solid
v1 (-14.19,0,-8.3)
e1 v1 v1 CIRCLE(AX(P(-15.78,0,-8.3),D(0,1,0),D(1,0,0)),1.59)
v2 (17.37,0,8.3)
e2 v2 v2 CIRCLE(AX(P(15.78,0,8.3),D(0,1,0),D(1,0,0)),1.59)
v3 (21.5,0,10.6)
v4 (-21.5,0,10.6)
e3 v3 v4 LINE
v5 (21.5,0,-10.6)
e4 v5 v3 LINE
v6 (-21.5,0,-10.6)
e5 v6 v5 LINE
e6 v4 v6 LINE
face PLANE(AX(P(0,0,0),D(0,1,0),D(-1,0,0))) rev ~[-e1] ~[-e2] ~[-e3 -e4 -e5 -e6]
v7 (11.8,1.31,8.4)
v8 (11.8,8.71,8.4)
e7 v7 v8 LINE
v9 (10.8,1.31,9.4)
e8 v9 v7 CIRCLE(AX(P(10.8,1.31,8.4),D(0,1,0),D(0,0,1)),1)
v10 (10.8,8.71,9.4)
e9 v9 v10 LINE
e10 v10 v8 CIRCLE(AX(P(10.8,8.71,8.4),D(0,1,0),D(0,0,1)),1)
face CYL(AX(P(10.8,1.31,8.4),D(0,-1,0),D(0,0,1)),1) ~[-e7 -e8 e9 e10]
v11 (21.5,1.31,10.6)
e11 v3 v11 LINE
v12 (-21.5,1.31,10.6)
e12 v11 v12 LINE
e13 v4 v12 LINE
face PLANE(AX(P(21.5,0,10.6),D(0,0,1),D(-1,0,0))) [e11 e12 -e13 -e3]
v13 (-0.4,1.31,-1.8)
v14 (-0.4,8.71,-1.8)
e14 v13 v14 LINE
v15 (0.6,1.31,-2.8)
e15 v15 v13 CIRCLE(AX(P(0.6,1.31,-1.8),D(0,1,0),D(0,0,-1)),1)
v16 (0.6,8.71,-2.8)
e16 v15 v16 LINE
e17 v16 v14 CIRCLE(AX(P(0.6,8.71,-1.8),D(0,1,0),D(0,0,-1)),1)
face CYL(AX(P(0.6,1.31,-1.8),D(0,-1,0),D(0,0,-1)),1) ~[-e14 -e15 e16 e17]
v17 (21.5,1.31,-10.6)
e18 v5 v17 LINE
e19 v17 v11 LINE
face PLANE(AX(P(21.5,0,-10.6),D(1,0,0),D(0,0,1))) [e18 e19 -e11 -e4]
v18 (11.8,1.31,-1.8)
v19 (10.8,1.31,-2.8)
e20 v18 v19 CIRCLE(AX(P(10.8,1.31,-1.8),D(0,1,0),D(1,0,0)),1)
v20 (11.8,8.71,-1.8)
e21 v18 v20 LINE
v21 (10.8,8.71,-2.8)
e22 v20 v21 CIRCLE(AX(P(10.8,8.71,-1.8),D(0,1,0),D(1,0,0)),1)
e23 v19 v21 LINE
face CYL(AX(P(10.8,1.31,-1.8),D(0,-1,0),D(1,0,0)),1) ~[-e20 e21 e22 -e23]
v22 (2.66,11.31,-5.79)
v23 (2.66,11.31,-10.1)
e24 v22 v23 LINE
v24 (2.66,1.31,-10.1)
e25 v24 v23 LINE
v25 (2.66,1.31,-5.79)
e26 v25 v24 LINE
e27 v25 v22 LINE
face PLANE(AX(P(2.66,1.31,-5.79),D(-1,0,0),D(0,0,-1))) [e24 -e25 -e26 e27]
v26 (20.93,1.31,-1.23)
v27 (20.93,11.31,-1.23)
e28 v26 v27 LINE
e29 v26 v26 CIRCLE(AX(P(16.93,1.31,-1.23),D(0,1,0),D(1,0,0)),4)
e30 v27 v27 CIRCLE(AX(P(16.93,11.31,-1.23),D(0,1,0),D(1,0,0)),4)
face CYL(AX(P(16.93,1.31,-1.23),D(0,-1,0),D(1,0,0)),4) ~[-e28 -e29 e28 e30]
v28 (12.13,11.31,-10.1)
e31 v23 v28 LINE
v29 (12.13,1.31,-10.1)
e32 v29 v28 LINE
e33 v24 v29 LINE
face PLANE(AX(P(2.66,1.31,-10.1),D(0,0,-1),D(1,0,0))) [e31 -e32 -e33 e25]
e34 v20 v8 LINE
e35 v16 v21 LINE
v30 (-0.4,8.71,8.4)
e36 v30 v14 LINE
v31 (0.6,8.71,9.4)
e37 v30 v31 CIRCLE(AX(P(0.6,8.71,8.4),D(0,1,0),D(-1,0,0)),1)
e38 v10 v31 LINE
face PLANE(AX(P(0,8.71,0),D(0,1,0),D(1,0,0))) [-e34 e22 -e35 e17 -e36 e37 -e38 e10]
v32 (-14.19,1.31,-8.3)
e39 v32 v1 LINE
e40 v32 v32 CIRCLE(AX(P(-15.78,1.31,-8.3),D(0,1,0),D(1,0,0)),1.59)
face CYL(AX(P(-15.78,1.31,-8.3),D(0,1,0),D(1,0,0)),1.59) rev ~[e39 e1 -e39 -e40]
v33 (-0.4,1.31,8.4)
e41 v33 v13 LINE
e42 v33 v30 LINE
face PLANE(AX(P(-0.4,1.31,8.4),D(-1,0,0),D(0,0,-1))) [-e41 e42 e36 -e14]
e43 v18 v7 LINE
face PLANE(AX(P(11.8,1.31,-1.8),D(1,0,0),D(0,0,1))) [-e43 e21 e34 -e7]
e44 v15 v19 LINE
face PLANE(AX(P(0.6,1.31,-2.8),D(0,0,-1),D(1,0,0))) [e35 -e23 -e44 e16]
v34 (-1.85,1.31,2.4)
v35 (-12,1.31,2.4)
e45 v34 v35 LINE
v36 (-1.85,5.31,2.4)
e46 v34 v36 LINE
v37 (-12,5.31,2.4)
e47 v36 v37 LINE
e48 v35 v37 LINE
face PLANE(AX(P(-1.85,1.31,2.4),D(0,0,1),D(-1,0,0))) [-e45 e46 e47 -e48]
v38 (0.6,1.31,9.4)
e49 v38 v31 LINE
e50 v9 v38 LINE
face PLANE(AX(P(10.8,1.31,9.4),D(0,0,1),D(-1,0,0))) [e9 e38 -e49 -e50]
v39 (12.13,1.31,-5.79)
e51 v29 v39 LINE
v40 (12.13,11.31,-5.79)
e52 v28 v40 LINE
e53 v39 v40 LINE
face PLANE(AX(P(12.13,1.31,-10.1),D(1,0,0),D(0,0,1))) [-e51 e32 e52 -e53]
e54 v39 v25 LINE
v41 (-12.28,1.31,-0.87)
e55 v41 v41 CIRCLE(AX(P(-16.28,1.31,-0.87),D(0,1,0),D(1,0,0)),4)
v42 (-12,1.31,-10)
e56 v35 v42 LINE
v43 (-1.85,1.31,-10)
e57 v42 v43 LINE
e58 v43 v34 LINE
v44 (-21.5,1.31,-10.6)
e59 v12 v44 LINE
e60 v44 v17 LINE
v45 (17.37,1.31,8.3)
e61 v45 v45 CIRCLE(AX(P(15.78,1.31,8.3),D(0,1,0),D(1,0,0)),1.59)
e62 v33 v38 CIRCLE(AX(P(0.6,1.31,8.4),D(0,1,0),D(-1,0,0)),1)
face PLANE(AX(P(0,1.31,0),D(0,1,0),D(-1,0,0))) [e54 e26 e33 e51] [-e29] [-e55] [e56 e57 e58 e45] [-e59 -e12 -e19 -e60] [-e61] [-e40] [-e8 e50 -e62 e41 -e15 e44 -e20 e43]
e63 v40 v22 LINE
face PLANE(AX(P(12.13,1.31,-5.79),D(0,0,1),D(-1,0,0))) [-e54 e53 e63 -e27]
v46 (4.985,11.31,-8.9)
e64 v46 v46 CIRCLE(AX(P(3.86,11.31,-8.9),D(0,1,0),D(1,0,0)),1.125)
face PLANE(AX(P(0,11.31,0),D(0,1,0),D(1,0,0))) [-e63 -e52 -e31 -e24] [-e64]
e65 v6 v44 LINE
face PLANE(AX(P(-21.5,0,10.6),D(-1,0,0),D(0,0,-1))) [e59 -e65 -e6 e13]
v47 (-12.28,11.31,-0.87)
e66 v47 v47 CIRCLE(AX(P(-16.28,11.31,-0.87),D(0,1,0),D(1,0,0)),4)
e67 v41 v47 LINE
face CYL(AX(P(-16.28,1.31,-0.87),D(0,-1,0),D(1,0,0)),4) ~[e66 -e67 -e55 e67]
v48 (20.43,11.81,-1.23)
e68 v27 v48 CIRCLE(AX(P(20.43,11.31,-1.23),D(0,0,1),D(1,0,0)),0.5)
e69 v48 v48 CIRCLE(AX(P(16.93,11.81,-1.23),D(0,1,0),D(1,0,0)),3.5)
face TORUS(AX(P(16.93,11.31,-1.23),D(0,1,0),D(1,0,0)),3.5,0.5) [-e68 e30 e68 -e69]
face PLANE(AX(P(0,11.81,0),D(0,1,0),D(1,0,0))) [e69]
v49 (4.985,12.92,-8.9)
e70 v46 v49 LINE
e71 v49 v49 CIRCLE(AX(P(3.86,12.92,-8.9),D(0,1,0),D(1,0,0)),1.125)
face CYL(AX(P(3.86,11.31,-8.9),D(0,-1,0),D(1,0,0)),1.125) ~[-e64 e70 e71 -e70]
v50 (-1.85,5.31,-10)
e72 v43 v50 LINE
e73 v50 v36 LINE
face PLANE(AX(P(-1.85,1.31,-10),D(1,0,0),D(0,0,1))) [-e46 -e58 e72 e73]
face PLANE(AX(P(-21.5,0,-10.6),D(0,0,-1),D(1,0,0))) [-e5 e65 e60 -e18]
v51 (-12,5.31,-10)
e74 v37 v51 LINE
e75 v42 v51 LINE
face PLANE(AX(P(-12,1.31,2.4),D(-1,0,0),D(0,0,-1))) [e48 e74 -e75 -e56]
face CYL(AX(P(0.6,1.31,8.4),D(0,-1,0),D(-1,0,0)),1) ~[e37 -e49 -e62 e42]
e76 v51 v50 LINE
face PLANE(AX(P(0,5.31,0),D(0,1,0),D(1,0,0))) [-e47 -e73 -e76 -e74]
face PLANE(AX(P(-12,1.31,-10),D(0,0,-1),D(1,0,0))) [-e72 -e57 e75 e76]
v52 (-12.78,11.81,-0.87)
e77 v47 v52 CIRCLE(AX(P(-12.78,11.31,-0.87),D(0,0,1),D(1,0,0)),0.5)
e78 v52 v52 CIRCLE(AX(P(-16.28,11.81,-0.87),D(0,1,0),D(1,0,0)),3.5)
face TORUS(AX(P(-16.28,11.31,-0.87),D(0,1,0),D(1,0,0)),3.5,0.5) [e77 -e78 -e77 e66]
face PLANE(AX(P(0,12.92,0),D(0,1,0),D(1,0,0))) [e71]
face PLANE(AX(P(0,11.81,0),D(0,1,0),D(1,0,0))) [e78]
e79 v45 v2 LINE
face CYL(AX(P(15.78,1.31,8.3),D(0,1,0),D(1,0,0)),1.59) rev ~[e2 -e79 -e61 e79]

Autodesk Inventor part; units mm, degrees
ref_plane "YZ Plane" through (0, 0, 0) normal (1, 0, 0) x (0, 1, 0)
ref_plane "XZ Plane" through (0, 0, 0) normal (0, 1, 0) x (-1, 0, 0)
ref_plane "XY Plane" through (0, 0, 0) normal (0, 0, 1) x (1, 0, 0)
sketch "Sketch1" plane through (0, 0, 0) normal (0, 1, 0) x (-1, 0, 0)
  line L0 (21.5, -10.6) -> (-21.5, -10.6)
  line L1 (-21.5, -10.6) -> (-21.5, 10.6)
  line L2 (-21.5, 10.6) -> (21.5, 10.6)
  line L3 (21.5, 10.6) -> (21.5, -10.6)
  point P0 (0, 0)
  dimension "d0" = 43
  dimension "d1" = 21.2
  dimension "d2" = 10.6
  dimension "d3" = 21.5
extrude "Extrusion1" add sketch "Sketch1" along normal blind 1.31
sketch "Sketch2" plane through (0, 1.31, 0) normal (0, 1, 0) x (1, 0, 0)
  line L0 (-12, 10) -> (-1.85, 10)
  line L1 (-1.85, 10) -> (-1.85, -2.4)
  line L2 (-1.85, -2.4) -> (-12, -2.4)
  line L3 (-12, -2.4) -> (-12, 10)
  line L4 (-21.5, -10.6) -> (21.5, -10.6) projected
  line L5 (-21.5, 10.6) -> (-21.5, -10.6) projected
  point P0 (0, 0)
  dimension "d6" = 12.4
  dimension "d7" = 10.15
  dimension "d8" = 8.2
  dimension "d9" = 9.5
extrude "Extrusion2" add sketch "Sketch2" along normal blind 4
sketch "Sketch3" plane through (0, 1.31, 0) normal (0, 1, 0) x (1, 0, 0)
  line L0 (0.6, 2.8) -> (10.8, 2.8)
  line L1 (11.8, 1.8) -> (11.8, -8.4)
  line L2 (10.8, -9.4) -> (0.6, -9.4)
  line L3 (-0.4, -8.4) -> (-0.4, 1.8)
  line L4 (-21.5, -10.6) -> (21.5, -10.6) projected
  line L5 (21.5, -10.6) -> (21.5, 10.6) projected
  arc A0 (0.6, 2.8) -> (-0.4, 1.8) centre (0.6, 1.8) ccw
  arc A1 (11.8, 1.8) -> (10.8, 2.8) centre (10.8, 1.8) ccw
  arc A2 (10.8, -9.4) -> (11.8, -8.4) centre (10.8, -8.4) ccw
  arc A3 (-0.4, -8.4) -> (0.6, -9.4) centre (0.6, -8.4) ccw
  point P0 (0, 0)
  dimension "d12" = 12.2
  dimension "d13" = 12.2
  dimension "d14" = 1.2
  dimension "d15" = 9.7
  dimension "d16" = 1
extrude "Extrusion3" add sketch "Sketch3" along normal blind 7.4
sketch "Sketch4" plane through (0, 1.31, 0) normal (0, 1, 0) x (1, 0, 0)
  line L0 (2.66, 10.1) -> (12.13, 10.1)
  line L1 (12.13, 10.1) -> (12.13, 5.79)
  line L2 (12.13, 5.79) -> (2.66, 5.79)
  line L3 (2.66, 5.79) -> (2.66, 10.1)
  line L4 (21.5, -10.6) -> (21.5, 10.6) projected
  line L5 (21.5, 10.6) -> (-21.5, 10.6) projected
  point P0 (0, 0)
  dimension "d19" = 4.31
  dimension "d20" = 9.47
  dimension "d21" = 9.37
  dimension "d22" = 0.5
extrude "Extrusion4" add sketch "Sketch4" along normal blind 10
sketch "Sketch5" plane through (0, 11.31, 0) normal (0, 1, 0) x (1, 0, 0)
  circle A0 centre (3.86, 8.9) radius 1.125
  line L0 (12.13, 10.1) -> (2.66, 10.1) projected
  line L1 (2.66, 10.1) -> (2.66, 5.79) projected
  point P0 (0, 0)
  point P1 (2.66, 9.2358)
  point P2 (2.66, 8.7642)
  point P3 (4.0958, 10.1)
  point P4 (3.6242, 10.1)
  dimension "d25" = 2.25
  dimension "d26" = 1.2
  dimension "d27" = 1.2
extrude "Extrusion5" add sketch "Sketch5" along normal blind 1.61
sketch "Sketch6" plane through (0, 1.31, 0) normal (0, 1, 0) x (1, 0, 0)
  circle A0 centre (-16.28, 0.87) radius 4
  circle A1 centre (16.93, 1.23) radius 4
  line L0 (-21.5, -10.6) -> (21.5, -10.6) projected
  line L1 (21.5, -10.6) -> (21.5, 10.6) projected
  line L2 (-21.5, 10.6) -> (-21.5, -10.6) projected
  point P0 (0, 0)
  dimension "d30" = 8
  dimension "d31" = 8
  dimension "d32" = 11.83
  dimension "d33" = 4.57
  dimension "d34" = 5.22
  dimension "d35" = 11.47
extrude "Extrusion6" add sketch "Sketch6" along normal blind 10.5
fillet "Fillet1" radius 0.5 2 edges at (12.93, 11.81, -1.23) (-20.28, 11.81, -0.87)
sketch "Sketch7" plane through (0, 1.31, 0) normal (0, 1, 0) x (1, 0, 0)
  circle A0 centre (-15.78, 8.3) radius 1.59
  circle A1 centre (15.78, -8.3) radius 1.59
  line L0 (21.5, -10.6) -> (21.5, 10.6) projected
  line L1 (-21.5, -10.6) -> (21.5, -10.6) projected
  line L2 (21.5, 10.6) -> (-21.5, 10.6) projected
  line L3 (-21.5, 10.6) -> (-21.5, -10.6) projected
  point P0 (0, 0)
  dimension "d39" = 3.18
  dimension "d42" = 3.18
  dimension "d43" = 5.72
  dimension "d44" = 2.3
  dimension "d45" = 2.3
  dimension "d46" = 5.72
extrude "Extrusion7" cut sketch "Sketch7" against normal blind 3.18 contours A0 | A1
equation "\"d2\" = 0.5 * d1"
equation "\"d3\" = 0.5 * d0"
equation "\"d42\" = d39"
equation "\"d47\" = d39"
properties part number "Power Buck Converter"
